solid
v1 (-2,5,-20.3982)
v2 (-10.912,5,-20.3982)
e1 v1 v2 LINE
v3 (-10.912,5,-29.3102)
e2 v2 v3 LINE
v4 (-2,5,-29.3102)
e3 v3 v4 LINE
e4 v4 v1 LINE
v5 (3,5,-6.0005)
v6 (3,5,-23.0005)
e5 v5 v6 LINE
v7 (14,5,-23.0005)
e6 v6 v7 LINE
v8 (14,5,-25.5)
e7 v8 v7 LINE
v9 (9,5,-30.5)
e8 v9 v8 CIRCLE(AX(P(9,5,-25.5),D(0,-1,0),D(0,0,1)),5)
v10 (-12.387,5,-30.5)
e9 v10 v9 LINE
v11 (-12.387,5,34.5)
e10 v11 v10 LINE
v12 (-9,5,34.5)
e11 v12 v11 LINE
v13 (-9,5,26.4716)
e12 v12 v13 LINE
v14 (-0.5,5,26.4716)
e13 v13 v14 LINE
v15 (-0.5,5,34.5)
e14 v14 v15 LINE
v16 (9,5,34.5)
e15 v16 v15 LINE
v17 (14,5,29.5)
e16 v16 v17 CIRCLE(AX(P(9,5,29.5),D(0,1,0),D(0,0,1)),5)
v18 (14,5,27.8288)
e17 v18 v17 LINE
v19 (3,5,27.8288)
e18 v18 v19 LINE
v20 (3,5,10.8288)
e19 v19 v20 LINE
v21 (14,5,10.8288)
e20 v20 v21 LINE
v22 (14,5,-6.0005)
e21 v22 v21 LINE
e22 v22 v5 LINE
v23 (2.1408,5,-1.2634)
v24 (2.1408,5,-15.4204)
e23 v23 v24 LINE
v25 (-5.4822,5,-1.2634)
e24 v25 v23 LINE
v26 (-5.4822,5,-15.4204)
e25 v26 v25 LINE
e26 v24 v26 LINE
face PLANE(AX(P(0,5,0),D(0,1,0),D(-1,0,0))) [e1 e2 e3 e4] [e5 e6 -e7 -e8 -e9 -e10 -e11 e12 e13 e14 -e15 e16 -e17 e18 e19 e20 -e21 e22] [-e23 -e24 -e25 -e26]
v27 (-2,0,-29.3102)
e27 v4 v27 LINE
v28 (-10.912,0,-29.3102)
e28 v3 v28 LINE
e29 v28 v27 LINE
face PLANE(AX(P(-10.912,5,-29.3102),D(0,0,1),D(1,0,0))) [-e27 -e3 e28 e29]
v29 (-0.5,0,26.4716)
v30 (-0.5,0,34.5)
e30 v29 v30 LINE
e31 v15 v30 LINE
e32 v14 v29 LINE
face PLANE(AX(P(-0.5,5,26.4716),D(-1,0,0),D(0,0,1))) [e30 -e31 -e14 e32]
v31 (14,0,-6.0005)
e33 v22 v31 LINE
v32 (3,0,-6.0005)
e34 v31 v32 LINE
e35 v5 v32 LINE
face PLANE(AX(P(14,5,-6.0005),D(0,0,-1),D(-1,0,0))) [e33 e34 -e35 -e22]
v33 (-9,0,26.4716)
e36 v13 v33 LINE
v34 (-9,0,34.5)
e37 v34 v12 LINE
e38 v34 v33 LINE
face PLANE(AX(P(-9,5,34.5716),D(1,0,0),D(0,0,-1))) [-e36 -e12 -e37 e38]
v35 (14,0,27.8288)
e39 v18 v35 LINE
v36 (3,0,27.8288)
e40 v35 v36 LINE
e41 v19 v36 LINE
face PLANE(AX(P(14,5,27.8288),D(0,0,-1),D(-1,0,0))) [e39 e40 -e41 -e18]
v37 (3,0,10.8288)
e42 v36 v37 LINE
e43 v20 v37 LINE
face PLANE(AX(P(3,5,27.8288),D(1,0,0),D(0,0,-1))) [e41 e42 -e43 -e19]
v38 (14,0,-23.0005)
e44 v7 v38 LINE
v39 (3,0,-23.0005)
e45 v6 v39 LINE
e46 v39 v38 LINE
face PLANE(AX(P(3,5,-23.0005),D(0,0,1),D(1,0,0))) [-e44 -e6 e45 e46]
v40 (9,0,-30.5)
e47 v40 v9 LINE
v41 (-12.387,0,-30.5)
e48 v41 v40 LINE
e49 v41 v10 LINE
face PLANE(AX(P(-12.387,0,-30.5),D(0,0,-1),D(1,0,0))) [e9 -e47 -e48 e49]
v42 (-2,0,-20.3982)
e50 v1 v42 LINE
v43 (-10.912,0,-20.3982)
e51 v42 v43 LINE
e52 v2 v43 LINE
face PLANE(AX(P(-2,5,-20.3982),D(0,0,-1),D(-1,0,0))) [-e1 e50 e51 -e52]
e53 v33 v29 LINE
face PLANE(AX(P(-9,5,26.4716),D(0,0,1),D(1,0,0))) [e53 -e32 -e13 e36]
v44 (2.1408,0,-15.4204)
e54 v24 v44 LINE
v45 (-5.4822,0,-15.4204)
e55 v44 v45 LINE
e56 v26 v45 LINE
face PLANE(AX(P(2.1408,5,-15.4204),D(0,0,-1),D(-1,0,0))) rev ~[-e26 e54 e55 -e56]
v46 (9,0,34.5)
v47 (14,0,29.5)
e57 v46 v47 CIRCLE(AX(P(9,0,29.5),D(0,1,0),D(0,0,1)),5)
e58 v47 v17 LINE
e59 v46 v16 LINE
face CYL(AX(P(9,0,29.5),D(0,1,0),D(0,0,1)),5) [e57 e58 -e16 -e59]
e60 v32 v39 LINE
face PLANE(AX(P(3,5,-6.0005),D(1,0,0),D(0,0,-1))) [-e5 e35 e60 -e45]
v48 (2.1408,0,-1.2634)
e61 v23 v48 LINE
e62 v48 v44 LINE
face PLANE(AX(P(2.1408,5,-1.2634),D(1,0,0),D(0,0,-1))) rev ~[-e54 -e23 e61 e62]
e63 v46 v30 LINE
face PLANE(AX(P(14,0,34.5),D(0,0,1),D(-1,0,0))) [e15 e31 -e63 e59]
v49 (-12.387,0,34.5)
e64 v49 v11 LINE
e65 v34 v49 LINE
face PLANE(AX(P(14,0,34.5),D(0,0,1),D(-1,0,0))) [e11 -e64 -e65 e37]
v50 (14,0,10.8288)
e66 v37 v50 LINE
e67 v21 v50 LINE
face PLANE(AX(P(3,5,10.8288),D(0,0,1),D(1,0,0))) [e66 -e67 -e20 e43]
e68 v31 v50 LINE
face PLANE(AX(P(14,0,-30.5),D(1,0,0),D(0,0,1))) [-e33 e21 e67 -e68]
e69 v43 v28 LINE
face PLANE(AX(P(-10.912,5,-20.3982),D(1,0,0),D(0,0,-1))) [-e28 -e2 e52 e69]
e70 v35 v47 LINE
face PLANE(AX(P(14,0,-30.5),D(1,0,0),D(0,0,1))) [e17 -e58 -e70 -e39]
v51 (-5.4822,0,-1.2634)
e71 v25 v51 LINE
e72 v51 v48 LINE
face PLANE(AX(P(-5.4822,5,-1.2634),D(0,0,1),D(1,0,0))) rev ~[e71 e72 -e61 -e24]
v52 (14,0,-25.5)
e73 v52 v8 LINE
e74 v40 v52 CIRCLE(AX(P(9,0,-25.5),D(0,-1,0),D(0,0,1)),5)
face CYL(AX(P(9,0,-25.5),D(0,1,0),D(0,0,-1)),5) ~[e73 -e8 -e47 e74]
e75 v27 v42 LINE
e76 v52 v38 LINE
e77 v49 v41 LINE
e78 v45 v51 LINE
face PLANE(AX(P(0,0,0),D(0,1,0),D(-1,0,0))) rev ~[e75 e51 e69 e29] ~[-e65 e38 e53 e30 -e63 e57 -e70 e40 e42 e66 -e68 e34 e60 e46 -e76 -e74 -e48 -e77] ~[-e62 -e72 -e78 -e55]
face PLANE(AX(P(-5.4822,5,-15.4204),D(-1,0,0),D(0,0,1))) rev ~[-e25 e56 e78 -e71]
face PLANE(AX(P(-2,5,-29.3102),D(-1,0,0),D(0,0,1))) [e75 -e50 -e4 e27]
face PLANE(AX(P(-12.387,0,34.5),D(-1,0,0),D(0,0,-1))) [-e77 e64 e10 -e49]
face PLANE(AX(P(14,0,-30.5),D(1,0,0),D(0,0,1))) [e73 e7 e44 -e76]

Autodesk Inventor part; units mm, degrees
ref_plane "YZ Plane" through (0, 0, 0) normal (1, 0, 0) x (0, 1, 0)
ref_plane "XZ Plane" through (0, 0, 0) normal (0, 1, 0) x (-1, 0, 0)
ref_plane "XY Plane" through (0, 0, 0) normal (0, 0, 1) x (1, 0, 0)
sketch "Sketch1" plane through (0, 0, 0) normal (0, 1, 0) x (-1, 0, 0)
  line L0 (-14, 34.5) -> (12.387, 34.5)
  line L1 (12.387, 34.5) -> (12.387, -30.5)
  line L2 (12.387, -30.5) -> (-14, -30.5)
  line L3 (-14, -30.5) -> (-14, 34.5)
  dimension "d0" = 26.387
  dimension "d1" = 65
extrude "Extrusion1" add sketch "Sketch1" along normal blind 5
fillet "Fillet1" radius 5 2 edges at (14, 2.5, 34.5) (14, 2.5, -30.5)
sketch "Sketch2" plane through (0, 5, 0) normal (0, 1, 0) x (1, 0, 0)
  line L0 (-9, -34.5716) -> (-9, -26.4716)
  line L1 (-9, -26.4716) -> (-0.5, -26.4716)
  line L2 (-0.5, -26.4716) -> (-0.5, -34.5716)
  line L3 (-0.5, -34.5716) -> (-9, -34.5716)
  point P0 (0, 0)
  point P1 (-12.387, -34.5)
  dimension "d6" = 8.1
  dimension "d7" = 8.5
extrude "Extrusion2" cut sketch "Sketch2" against normal through all
sketch "Sketch3" plane through (0, 5, 0) normal (0, 1, 0) x (1, 0, 0)
  line L0 (14, -27.8288) -> (3, -27.8288)
  line L1 (3, -27.8288) -> (3, -10.8288)
  line L2 (3, -10.8288) -> (14, -10.8288)
  line L3 (14, -10.8288) -> (14, -27.8288)
  line L4 (14, 6.0005) -> (3, 6.0005)
  line L5 (3, 6.0005) -> (3, 23.0005)
  line L6 (3, 23.0005) -> (14, 23.0005)
  line L7 (14, 23.0005) -> (14, 6.0005)
  point P0 (0, 0)
  dimension "d12" = 11
  dimension "d13" = 17
  dimension "d22" = 11
  dimension "d23" = 17
extrude "Extrusion3" cut sketch "Sketch3" against normal through all
sketch "Sketch4" plane through (0, 5, 0) normal (0, 1, 0) x (1, 0, 0)
  line L0 (14, 6.0005) -> (3, 6.0005) projected
  line L1 (3, 23.0005) -> (3, 6.0005) projected
  line L2 (2.1408, 15.4204) -> (-5.4822, 15.4204)
  line L3 (-5.4822, 15.4204) -> (-5.4822, 1.2634)
  line L4 (-5.4822, 1.2634) -> (2.1408, 1.2634)
  line L5 (2.1408, 1.2634) -> (2.1408, 15.4204)
  line L6 (-12.387, 30.5) -> (-12.387, -34.5) projected
  line L7 (-10.912, 29.3102) -> (-2, 29.3102)
  line L8 (-2, 29.3102) -> (-2, 20.3982)
  line L9 (-2, 20.3982) -> (-10.912, 20.3982)
  line L10 (-10.912, 20.3982) -> (-10.912, 29.3102)
  point P0 (0, 0)
  dimension "d29" = 7.623
  dimension "d30" = 14.157
  dimension "d33" = 8.912
  dimension "d34" = 8.912
extrude "Extrusion4" cut sketch "Sketch4" against normal through all
properties part number "Charger_support"
